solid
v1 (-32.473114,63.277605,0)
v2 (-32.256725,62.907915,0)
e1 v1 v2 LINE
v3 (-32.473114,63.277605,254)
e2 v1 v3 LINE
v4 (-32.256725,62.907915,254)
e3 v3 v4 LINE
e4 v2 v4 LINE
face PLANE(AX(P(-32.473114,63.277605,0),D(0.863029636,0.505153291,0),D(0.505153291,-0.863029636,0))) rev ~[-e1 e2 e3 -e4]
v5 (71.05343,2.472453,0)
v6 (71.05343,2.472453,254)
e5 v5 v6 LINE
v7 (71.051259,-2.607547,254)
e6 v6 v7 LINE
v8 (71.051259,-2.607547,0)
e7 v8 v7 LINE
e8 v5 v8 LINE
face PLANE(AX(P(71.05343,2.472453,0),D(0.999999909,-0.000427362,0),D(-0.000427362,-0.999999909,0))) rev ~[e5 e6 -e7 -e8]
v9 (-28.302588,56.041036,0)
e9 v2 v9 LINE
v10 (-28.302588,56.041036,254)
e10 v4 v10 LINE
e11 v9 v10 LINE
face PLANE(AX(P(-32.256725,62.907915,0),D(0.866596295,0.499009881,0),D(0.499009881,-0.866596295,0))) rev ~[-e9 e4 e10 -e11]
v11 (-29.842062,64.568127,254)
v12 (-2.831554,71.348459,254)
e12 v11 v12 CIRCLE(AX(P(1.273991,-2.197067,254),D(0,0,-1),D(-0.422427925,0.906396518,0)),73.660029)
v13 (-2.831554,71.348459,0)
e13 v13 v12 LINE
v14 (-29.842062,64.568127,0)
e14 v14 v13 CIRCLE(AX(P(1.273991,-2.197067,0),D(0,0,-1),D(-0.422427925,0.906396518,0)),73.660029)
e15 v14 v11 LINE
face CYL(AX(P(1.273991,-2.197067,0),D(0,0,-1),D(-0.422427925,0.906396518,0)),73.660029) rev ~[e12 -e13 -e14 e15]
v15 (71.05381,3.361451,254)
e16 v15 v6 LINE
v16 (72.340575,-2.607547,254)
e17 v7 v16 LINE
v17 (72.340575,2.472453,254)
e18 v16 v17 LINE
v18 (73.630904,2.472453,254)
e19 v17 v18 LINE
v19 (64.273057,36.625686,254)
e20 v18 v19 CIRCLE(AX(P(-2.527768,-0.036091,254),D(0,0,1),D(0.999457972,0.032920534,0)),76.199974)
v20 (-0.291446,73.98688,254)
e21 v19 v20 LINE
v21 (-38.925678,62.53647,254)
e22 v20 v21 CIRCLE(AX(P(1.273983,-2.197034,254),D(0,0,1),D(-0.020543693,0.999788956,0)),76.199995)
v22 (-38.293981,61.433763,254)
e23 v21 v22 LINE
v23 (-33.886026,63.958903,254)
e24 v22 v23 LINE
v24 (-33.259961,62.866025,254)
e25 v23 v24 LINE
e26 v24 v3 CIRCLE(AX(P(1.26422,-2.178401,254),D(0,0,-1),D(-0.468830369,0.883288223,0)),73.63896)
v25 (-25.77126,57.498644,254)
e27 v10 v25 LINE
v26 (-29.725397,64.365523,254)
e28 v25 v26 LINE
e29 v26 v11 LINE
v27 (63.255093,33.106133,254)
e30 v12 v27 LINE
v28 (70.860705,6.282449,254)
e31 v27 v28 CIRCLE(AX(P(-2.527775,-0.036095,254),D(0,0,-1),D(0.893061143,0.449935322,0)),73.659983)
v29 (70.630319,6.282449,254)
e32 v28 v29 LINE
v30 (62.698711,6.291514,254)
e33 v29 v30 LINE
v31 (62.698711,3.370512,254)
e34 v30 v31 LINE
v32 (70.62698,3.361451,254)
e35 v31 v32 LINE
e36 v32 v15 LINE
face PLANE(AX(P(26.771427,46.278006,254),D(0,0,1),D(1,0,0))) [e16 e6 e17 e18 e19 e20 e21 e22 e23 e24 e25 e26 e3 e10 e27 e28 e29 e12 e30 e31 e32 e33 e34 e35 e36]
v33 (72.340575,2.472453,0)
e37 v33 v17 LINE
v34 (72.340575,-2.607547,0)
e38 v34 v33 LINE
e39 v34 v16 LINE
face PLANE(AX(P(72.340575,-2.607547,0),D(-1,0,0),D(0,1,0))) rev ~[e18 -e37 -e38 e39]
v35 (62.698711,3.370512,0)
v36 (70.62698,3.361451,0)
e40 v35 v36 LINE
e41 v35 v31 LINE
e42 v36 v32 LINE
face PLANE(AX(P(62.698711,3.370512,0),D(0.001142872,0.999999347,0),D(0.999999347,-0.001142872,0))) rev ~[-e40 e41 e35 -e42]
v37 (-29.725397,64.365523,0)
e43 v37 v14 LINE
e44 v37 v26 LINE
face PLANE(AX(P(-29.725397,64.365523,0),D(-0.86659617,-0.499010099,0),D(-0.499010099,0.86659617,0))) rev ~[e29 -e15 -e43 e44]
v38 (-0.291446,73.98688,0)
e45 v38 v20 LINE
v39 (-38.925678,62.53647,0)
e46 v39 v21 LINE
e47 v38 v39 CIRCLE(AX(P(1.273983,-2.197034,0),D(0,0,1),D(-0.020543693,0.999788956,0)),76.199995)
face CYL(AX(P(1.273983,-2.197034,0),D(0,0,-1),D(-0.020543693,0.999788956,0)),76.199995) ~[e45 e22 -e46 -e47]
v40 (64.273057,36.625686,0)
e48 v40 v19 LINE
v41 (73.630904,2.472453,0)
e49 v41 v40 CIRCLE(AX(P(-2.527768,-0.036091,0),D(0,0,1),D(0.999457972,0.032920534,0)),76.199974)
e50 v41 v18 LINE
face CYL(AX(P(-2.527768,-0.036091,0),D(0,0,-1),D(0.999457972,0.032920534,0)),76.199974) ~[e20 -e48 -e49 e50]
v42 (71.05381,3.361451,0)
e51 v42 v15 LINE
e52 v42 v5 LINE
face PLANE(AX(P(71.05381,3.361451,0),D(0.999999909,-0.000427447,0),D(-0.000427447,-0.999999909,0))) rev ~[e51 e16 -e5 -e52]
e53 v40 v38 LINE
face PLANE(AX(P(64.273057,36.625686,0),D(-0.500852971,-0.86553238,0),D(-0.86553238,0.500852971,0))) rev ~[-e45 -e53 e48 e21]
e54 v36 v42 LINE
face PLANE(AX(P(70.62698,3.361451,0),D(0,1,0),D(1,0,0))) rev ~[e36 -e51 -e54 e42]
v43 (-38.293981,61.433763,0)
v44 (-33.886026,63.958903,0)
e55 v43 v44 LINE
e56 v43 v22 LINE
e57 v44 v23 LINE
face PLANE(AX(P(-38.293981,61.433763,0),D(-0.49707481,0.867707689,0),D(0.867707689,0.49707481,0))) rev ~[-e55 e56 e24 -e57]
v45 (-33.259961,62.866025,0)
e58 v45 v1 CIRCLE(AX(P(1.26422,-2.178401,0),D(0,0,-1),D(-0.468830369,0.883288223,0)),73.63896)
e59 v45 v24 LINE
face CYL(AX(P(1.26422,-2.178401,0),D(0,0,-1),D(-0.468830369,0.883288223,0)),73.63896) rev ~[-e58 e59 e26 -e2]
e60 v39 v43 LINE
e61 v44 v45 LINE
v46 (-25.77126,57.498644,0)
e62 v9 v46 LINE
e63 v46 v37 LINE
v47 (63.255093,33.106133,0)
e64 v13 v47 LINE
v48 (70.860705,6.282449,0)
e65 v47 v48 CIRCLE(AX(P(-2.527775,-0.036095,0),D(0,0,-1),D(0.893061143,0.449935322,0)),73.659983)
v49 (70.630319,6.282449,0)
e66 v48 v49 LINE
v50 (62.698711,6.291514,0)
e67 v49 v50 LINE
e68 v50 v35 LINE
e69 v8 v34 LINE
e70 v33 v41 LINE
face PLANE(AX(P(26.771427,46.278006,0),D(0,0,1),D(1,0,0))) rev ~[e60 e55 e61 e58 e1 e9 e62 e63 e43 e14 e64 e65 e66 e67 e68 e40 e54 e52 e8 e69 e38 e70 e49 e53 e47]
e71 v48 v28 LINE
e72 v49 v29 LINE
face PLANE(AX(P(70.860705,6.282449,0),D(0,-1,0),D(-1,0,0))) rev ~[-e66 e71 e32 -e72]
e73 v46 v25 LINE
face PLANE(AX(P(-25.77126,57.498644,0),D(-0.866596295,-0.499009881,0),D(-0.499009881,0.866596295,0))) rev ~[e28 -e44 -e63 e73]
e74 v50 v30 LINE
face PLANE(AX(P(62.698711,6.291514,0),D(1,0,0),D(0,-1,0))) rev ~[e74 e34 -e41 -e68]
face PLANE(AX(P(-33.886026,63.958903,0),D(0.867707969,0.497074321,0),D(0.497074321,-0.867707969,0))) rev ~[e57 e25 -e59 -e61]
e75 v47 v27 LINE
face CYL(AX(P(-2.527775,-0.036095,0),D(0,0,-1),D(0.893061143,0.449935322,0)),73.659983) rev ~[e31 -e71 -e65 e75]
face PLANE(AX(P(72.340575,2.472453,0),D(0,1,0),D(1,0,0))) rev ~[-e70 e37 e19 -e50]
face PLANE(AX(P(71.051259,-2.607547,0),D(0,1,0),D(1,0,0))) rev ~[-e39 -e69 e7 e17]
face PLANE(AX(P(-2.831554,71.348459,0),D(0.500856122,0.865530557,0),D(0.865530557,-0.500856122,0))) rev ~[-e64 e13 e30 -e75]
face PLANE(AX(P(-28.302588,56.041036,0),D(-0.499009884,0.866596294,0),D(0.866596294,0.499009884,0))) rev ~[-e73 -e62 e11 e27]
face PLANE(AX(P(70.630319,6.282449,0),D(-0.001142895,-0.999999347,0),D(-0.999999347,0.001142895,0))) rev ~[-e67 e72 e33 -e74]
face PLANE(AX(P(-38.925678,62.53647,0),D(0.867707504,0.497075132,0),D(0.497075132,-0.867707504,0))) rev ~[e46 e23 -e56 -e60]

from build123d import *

# Parameters (mm, degrees)
F1_DEPTH = 254


with BuildPart() as f1:
    # F0 (on Top) → F1 (new body)
    with BuildSketch(Plane.XY):
        with BuildLine():
            ThreePointArc((-29.842062, 64.568127), (-16.660152, 69.246382), (-2.831554, 71.348459))
            Line((-2.831554, 71.348459), (63.255093, 33.106133))
            ThreePointArc((63.255093, 33.106133), (68.338603, 20.057423), (70.860705, 6.282449))
            Line((70.860705, 6.282449), (70.630319, 6.282449))
            Line((70.630319, 6.282449), (62.698711, 6.291514))
            Line((62.698711, 6.291514), (62.698711, 3.370512))
            Line((62.698711, 3.370512), (70.62698, 3.361451))
            Line((70.62698, 3.361451), (71.05381, 3.361451))
            Line((71.05381, 3.361451), (71.05343, 2.472453))
            Line((71.05343, 2.472453), (71.051259, -2.607547))
            Line((71.051259, -2.607547), (72.340575, -2.607547))
            Line((72.340575, -2.607547), (72.340575, 2.472453))
            Line((72.340575, 2.472453), (73.630904, 2.472453))
            ThreePointArc((73.630904, 2.472453), (70.963492, 20.100215), (64.273057, 36.625686))
            Line((64.273057, 36.625686), (-0.291446, 73.98688))
            ThreePointArc((-0.291446, 73.98688), (-20.379161, 70.861714), (-38.925678, 62.53647))
            Line((-38.925678, 62.53647), (-38.293981, 61.433763))
            Line((-38.293981, 61.433763), (-33.886026, 63.958903))
            Line((-33.886026, 63.958903), (-33.259961, 62.866025))
            ThreePointArc((-33.259961, 62.866025), (-32.867158, 63.073001), (-32.473114, 63.277605))
            Line((-32.473114, 63.277605), (-32.256725, 62.907915))
            Line((-32.256725, 62.907915), (-28.302588, 56.041036))
            Line((-28.302588, 56.041036), (-25.77126, 57.498644))
            Line((-25.77126, 57.498644), (-29.725397, 64.365523))
            Line((-29.725397, 64.365523), (-29.842062, 64.568127))
        make_face()
    extrude(amount=F1_DEPTH)


solid = f1.part
